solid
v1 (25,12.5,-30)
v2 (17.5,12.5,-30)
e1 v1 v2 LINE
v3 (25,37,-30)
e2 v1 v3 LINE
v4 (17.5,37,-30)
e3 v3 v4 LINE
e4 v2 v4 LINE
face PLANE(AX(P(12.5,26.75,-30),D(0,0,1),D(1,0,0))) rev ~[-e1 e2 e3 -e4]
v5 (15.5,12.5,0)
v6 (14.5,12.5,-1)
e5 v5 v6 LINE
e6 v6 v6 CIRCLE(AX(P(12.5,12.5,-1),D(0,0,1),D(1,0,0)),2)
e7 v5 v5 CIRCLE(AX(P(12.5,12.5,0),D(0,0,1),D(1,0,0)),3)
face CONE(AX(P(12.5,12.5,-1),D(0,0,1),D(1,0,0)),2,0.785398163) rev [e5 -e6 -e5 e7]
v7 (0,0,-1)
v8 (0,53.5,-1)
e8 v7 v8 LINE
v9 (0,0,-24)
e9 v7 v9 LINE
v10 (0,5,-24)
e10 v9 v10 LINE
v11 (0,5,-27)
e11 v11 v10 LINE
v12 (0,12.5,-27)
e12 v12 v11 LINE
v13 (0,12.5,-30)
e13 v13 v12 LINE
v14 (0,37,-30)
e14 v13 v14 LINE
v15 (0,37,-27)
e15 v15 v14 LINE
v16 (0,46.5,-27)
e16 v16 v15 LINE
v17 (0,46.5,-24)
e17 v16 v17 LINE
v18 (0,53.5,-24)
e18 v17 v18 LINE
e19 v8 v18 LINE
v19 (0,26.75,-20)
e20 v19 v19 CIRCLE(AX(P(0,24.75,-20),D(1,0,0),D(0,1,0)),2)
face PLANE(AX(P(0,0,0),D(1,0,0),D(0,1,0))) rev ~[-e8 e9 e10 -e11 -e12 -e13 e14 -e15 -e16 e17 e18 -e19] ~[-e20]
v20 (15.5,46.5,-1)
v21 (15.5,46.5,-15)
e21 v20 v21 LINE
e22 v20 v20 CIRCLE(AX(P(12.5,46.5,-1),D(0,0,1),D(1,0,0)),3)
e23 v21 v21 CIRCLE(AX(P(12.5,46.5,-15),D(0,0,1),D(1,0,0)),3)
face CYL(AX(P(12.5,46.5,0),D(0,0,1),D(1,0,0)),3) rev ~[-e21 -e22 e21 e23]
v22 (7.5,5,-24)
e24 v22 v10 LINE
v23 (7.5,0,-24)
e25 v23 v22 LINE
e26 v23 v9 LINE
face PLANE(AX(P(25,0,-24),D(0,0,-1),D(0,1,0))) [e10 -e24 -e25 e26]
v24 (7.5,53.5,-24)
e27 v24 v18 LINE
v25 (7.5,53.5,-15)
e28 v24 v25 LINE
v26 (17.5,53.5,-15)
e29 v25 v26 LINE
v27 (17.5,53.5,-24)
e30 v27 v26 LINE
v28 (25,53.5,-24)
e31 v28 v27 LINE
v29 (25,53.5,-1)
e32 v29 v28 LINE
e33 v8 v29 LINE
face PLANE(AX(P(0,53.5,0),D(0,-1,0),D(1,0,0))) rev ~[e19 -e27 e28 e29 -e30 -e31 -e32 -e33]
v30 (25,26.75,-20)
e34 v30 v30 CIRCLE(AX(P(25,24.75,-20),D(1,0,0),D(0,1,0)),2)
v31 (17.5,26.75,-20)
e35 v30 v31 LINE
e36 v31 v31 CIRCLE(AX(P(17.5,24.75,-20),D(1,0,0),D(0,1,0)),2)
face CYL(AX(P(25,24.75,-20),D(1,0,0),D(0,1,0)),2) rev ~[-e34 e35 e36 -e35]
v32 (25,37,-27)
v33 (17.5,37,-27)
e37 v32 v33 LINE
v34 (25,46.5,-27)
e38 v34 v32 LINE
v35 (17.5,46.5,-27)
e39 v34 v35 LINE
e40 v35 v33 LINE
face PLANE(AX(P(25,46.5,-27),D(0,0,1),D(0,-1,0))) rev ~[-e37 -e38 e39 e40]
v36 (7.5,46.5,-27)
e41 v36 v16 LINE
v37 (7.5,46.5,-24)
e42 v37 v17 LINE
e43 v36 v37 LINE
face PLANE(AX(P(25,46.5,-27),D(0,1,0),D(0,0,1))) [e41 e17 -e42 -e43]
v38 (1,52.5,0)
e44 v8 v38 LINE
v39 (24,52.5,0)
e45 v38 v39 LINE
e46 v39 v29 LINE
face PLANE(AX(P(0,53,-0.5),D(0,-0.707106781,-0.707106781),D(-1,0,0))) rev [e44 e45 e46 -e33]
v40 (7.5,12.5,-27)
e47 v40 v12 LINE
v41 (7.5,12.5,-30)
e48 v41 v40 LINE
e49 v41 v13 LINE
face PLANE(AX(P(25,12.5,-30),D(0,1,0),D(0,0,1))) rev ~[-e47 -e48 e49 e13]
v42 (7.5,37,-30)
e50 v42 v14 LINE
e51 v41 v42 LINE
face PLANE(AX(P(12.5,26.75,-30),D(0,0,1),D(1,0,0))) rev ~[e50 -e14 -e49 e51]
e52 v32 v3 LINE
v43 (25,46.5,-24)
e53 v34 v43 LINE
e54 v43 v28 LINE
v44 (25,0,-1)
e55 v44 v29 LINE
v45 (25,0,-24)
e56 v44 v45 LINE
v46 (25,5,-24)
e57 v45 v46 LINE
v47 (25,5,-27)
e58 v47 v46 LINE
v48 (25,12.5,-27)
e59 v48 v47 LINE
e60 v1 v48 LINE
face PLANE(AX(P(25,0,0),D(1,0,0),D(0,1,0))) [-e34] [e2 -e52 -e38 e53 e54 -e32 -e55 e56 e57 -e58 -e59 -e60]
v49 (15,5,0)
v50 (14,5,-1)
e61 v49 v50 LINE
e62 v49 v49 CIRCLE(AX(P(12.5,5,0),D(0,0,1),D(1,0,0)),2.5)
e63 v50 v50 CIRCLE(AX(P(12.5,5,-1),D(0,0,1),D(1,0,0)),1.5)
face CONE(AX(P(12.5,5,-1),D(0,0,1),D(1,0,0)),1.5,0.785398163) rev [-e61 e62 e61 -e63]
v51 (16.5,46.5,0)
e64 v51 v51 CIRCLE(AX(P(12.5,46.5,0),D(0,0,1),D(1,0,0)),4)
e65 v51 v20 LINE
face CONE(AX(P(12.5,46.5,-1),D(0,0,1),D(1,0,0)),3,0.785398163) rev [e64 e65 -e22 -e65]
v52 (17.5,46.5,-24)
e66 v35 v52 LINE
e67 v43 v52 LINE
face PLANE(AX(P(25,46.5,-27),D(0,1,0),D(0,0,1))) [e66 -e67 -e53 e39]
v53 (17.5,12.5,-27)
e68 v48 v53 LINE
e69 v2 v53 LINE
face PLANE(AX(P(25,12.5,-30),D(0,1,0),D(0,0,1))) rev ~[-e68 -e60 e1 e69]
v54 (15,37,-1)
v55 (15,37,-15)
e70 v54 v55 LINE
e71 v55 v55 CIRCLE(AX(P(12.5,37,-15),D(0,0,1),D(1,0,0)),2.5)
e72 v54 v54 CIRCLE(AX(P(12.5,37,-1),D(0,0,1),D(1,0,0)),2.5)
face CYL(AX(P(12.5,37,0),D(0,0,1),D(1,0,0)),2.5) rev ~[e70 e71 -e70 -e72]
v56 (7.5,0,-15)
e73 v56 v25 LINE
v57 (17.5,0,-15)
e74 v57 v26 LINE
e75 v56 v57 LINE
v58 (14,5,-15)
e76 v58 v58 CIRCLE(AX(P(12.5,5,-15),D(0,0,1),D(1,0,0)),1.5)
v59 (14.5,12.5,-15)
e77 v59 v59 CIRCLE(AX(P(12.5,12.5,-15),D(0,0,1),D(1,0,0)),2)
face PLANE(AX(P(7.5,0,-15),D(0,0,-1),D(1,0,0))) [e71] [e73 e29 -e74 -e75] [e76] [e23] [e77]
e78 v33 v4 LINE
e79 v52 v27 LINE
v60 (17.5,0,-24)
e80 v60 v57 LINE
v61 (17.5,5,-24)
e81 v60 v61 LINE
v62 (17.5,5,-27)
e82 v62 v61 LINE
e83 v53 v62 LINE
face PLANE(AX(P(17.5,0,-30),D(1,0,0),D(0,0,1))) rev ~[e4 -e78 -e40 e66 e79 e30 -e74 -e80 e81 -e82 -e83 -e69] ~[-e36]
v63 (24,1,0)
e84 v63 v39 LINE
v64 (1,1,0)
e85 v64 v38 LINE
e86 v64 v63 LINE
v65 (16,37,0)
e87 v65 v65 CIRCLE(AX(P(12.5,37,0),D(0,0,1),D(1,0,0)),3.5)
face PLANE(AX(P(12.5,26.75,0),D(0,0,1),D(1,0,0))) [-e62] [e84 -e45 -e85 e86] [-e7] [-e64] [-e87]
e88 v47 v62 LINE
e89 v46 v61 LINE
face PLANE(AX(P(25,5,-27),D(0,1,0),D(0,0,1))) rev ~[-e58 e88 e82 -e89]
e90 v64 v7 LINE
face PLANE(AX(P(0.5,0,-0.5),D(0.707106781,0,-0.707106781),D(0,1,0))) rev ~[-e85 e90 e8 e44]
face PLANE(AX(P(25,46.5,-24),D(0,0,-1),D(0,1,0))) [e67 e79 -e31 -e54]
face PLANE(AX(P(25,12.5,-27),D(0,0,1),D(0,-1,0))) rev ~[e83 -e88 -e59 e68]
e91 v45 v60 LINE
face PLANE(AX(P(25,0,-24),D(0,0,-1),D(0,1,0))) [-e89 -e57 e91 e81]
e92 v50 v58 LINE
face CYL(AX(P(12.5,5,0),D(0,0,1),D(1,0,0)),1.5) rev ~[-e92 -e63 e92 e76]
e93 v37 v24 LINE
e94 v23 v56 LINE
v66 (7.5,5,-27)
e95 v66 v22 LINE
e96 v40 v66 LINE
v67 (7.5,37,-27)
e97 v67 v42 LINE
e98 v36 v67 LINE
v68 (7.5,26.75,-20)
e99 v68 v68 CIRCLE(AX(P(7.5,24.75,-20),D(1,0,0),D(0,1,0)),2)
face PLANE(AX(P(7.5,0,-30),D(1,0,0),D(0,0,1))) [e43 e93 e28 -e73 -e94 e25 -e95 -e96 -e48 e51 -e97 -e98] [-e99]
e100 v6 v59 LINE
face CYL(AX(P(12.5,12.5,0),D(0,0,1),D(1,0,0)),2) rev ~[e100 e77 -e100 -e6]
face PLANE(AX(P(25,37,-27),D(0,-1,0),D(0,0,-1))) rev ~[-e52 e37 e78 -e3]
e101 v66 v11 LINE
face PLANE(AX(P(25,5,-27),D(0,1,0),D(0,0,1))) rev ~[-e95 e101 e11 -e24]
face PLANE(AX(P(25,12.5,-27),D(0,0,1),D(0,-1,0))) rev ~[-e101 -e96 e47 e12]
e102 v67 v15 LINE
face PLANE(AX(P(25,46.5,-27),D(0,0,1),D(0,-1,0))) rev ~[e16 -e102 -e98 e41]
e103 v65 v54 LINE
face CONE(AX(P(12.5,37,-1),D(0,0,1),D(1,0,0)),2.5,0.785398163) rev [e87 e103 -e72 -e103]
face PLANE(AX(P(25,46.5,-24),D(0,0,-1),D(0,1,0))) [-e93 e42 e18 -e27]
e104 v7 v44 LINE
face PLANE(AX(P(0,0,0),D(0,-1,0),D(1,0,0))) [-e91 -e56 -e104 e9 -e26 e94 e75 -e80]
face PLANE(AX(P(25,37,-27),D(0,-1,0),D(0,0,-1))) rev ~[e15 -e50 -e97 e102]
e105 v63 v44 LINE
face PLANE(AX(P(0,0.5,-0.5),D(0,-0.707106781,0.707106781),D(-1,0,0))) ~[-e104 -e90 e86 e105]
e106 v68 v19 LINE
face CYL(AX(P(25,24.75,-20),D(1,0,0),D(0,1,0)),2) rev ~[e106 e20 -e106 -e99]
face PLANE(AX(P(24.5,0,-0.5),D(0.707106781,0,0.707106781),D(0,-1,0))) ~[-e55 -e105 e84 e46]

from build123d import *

# Parameters (mm, degrees)
F0_W     = 25
F0_H     = 53.5
F0_R     = 1.5
F0_R_2   = 2
F0_R_3   = 2.5
F0_R_4   = 3
F1_DEPTH = 30
F2_W     = 10
F2_H     = 15
F3_DEPTH = 53.501
F4_W     = 7
F4_H     = 3
F4_W_2   = 5
F5_DEPTH = 25.001
F6_SIZE  = 1
F7_R     = 2
F8_DEPTH = 25.001


with BuildPart() as f1:
    # F0 (on Top) → F1 (new body)
    with BuildSketch(Plane.XY):
        with Locations((12.5, 26.75)):
            Rectangle(F0_W, F0_H)
        with Locations((12.5, 5)):
            Circle(F0_R, mode=Mode.SUBTRACT)
        with Locations((12.5, 12.5)):
            Circle(F0_R_2, mode=Mode.SUBTRACT)
        with Locations((12.5, 37)):
            Circle(F0_R_3, mode=Mode.SUBTRACT)
        with Locations((12.5, 46.5)):
            Circle(F0_R_4, mode=Mode.SUBTRACT)
    extrude(amount=-F1_DEPTH)

    # F2 (on face) → F3 (cut, through all)
    with BuildSketch(Plane.XZ):
        with Locations((12.5, -22.5)):
            Rectangle(F2_W, F2_H)
    extrude(amount=-F3_DEPTH, mode=Mode.SUBTRACT)

    # F4 (on face) → F5 (cut, through all)
    with BuildSketch(Plane.YZ.offset(25)):
        with Locations((50, -25.5)):
            Rectangle(F4_W, F4_H)
        Polygon((37, -30), (53.5, -30), (53.5, -27), (46.5, -27), (37, -27), align=None)
        Polygon((0, -30), (12.5, -30), (12.5, -27), (5, -27), (0, -27), align=None)
        with Locations((2.5, -25.5)):
            Rectangle(F4_W_2, F4_H)
    extrude(amount=-F5_DEPTH, mode=Mode.SUBTRACT)

    # F6
    f6_edges = [f1.edges().sort_by_distance(p)[0] for p in [
        (11, 5, 0),
        (10.5, 12.5, 0),
        (10, 37, 0),
        (9.5, 46.5, 0),
        (12.5, 0, 0),
        (0, 26.75, 0),
        (25, 26.75, 0),
        (12.5, 53.5, 0),
    ]]
    chamfer(f6_edges, length=F6_SIZE)

    # F7 (on face) → F8 (cut, through all)
    with BuildSketch(Plane.YZ.offset(25)):
        with Locations((24.75, -20)):
            Circle(F7_R)
    extrude(amount=-F8_DEPTH, mode=Mode.SUBTRACT)


solid = f1.part
